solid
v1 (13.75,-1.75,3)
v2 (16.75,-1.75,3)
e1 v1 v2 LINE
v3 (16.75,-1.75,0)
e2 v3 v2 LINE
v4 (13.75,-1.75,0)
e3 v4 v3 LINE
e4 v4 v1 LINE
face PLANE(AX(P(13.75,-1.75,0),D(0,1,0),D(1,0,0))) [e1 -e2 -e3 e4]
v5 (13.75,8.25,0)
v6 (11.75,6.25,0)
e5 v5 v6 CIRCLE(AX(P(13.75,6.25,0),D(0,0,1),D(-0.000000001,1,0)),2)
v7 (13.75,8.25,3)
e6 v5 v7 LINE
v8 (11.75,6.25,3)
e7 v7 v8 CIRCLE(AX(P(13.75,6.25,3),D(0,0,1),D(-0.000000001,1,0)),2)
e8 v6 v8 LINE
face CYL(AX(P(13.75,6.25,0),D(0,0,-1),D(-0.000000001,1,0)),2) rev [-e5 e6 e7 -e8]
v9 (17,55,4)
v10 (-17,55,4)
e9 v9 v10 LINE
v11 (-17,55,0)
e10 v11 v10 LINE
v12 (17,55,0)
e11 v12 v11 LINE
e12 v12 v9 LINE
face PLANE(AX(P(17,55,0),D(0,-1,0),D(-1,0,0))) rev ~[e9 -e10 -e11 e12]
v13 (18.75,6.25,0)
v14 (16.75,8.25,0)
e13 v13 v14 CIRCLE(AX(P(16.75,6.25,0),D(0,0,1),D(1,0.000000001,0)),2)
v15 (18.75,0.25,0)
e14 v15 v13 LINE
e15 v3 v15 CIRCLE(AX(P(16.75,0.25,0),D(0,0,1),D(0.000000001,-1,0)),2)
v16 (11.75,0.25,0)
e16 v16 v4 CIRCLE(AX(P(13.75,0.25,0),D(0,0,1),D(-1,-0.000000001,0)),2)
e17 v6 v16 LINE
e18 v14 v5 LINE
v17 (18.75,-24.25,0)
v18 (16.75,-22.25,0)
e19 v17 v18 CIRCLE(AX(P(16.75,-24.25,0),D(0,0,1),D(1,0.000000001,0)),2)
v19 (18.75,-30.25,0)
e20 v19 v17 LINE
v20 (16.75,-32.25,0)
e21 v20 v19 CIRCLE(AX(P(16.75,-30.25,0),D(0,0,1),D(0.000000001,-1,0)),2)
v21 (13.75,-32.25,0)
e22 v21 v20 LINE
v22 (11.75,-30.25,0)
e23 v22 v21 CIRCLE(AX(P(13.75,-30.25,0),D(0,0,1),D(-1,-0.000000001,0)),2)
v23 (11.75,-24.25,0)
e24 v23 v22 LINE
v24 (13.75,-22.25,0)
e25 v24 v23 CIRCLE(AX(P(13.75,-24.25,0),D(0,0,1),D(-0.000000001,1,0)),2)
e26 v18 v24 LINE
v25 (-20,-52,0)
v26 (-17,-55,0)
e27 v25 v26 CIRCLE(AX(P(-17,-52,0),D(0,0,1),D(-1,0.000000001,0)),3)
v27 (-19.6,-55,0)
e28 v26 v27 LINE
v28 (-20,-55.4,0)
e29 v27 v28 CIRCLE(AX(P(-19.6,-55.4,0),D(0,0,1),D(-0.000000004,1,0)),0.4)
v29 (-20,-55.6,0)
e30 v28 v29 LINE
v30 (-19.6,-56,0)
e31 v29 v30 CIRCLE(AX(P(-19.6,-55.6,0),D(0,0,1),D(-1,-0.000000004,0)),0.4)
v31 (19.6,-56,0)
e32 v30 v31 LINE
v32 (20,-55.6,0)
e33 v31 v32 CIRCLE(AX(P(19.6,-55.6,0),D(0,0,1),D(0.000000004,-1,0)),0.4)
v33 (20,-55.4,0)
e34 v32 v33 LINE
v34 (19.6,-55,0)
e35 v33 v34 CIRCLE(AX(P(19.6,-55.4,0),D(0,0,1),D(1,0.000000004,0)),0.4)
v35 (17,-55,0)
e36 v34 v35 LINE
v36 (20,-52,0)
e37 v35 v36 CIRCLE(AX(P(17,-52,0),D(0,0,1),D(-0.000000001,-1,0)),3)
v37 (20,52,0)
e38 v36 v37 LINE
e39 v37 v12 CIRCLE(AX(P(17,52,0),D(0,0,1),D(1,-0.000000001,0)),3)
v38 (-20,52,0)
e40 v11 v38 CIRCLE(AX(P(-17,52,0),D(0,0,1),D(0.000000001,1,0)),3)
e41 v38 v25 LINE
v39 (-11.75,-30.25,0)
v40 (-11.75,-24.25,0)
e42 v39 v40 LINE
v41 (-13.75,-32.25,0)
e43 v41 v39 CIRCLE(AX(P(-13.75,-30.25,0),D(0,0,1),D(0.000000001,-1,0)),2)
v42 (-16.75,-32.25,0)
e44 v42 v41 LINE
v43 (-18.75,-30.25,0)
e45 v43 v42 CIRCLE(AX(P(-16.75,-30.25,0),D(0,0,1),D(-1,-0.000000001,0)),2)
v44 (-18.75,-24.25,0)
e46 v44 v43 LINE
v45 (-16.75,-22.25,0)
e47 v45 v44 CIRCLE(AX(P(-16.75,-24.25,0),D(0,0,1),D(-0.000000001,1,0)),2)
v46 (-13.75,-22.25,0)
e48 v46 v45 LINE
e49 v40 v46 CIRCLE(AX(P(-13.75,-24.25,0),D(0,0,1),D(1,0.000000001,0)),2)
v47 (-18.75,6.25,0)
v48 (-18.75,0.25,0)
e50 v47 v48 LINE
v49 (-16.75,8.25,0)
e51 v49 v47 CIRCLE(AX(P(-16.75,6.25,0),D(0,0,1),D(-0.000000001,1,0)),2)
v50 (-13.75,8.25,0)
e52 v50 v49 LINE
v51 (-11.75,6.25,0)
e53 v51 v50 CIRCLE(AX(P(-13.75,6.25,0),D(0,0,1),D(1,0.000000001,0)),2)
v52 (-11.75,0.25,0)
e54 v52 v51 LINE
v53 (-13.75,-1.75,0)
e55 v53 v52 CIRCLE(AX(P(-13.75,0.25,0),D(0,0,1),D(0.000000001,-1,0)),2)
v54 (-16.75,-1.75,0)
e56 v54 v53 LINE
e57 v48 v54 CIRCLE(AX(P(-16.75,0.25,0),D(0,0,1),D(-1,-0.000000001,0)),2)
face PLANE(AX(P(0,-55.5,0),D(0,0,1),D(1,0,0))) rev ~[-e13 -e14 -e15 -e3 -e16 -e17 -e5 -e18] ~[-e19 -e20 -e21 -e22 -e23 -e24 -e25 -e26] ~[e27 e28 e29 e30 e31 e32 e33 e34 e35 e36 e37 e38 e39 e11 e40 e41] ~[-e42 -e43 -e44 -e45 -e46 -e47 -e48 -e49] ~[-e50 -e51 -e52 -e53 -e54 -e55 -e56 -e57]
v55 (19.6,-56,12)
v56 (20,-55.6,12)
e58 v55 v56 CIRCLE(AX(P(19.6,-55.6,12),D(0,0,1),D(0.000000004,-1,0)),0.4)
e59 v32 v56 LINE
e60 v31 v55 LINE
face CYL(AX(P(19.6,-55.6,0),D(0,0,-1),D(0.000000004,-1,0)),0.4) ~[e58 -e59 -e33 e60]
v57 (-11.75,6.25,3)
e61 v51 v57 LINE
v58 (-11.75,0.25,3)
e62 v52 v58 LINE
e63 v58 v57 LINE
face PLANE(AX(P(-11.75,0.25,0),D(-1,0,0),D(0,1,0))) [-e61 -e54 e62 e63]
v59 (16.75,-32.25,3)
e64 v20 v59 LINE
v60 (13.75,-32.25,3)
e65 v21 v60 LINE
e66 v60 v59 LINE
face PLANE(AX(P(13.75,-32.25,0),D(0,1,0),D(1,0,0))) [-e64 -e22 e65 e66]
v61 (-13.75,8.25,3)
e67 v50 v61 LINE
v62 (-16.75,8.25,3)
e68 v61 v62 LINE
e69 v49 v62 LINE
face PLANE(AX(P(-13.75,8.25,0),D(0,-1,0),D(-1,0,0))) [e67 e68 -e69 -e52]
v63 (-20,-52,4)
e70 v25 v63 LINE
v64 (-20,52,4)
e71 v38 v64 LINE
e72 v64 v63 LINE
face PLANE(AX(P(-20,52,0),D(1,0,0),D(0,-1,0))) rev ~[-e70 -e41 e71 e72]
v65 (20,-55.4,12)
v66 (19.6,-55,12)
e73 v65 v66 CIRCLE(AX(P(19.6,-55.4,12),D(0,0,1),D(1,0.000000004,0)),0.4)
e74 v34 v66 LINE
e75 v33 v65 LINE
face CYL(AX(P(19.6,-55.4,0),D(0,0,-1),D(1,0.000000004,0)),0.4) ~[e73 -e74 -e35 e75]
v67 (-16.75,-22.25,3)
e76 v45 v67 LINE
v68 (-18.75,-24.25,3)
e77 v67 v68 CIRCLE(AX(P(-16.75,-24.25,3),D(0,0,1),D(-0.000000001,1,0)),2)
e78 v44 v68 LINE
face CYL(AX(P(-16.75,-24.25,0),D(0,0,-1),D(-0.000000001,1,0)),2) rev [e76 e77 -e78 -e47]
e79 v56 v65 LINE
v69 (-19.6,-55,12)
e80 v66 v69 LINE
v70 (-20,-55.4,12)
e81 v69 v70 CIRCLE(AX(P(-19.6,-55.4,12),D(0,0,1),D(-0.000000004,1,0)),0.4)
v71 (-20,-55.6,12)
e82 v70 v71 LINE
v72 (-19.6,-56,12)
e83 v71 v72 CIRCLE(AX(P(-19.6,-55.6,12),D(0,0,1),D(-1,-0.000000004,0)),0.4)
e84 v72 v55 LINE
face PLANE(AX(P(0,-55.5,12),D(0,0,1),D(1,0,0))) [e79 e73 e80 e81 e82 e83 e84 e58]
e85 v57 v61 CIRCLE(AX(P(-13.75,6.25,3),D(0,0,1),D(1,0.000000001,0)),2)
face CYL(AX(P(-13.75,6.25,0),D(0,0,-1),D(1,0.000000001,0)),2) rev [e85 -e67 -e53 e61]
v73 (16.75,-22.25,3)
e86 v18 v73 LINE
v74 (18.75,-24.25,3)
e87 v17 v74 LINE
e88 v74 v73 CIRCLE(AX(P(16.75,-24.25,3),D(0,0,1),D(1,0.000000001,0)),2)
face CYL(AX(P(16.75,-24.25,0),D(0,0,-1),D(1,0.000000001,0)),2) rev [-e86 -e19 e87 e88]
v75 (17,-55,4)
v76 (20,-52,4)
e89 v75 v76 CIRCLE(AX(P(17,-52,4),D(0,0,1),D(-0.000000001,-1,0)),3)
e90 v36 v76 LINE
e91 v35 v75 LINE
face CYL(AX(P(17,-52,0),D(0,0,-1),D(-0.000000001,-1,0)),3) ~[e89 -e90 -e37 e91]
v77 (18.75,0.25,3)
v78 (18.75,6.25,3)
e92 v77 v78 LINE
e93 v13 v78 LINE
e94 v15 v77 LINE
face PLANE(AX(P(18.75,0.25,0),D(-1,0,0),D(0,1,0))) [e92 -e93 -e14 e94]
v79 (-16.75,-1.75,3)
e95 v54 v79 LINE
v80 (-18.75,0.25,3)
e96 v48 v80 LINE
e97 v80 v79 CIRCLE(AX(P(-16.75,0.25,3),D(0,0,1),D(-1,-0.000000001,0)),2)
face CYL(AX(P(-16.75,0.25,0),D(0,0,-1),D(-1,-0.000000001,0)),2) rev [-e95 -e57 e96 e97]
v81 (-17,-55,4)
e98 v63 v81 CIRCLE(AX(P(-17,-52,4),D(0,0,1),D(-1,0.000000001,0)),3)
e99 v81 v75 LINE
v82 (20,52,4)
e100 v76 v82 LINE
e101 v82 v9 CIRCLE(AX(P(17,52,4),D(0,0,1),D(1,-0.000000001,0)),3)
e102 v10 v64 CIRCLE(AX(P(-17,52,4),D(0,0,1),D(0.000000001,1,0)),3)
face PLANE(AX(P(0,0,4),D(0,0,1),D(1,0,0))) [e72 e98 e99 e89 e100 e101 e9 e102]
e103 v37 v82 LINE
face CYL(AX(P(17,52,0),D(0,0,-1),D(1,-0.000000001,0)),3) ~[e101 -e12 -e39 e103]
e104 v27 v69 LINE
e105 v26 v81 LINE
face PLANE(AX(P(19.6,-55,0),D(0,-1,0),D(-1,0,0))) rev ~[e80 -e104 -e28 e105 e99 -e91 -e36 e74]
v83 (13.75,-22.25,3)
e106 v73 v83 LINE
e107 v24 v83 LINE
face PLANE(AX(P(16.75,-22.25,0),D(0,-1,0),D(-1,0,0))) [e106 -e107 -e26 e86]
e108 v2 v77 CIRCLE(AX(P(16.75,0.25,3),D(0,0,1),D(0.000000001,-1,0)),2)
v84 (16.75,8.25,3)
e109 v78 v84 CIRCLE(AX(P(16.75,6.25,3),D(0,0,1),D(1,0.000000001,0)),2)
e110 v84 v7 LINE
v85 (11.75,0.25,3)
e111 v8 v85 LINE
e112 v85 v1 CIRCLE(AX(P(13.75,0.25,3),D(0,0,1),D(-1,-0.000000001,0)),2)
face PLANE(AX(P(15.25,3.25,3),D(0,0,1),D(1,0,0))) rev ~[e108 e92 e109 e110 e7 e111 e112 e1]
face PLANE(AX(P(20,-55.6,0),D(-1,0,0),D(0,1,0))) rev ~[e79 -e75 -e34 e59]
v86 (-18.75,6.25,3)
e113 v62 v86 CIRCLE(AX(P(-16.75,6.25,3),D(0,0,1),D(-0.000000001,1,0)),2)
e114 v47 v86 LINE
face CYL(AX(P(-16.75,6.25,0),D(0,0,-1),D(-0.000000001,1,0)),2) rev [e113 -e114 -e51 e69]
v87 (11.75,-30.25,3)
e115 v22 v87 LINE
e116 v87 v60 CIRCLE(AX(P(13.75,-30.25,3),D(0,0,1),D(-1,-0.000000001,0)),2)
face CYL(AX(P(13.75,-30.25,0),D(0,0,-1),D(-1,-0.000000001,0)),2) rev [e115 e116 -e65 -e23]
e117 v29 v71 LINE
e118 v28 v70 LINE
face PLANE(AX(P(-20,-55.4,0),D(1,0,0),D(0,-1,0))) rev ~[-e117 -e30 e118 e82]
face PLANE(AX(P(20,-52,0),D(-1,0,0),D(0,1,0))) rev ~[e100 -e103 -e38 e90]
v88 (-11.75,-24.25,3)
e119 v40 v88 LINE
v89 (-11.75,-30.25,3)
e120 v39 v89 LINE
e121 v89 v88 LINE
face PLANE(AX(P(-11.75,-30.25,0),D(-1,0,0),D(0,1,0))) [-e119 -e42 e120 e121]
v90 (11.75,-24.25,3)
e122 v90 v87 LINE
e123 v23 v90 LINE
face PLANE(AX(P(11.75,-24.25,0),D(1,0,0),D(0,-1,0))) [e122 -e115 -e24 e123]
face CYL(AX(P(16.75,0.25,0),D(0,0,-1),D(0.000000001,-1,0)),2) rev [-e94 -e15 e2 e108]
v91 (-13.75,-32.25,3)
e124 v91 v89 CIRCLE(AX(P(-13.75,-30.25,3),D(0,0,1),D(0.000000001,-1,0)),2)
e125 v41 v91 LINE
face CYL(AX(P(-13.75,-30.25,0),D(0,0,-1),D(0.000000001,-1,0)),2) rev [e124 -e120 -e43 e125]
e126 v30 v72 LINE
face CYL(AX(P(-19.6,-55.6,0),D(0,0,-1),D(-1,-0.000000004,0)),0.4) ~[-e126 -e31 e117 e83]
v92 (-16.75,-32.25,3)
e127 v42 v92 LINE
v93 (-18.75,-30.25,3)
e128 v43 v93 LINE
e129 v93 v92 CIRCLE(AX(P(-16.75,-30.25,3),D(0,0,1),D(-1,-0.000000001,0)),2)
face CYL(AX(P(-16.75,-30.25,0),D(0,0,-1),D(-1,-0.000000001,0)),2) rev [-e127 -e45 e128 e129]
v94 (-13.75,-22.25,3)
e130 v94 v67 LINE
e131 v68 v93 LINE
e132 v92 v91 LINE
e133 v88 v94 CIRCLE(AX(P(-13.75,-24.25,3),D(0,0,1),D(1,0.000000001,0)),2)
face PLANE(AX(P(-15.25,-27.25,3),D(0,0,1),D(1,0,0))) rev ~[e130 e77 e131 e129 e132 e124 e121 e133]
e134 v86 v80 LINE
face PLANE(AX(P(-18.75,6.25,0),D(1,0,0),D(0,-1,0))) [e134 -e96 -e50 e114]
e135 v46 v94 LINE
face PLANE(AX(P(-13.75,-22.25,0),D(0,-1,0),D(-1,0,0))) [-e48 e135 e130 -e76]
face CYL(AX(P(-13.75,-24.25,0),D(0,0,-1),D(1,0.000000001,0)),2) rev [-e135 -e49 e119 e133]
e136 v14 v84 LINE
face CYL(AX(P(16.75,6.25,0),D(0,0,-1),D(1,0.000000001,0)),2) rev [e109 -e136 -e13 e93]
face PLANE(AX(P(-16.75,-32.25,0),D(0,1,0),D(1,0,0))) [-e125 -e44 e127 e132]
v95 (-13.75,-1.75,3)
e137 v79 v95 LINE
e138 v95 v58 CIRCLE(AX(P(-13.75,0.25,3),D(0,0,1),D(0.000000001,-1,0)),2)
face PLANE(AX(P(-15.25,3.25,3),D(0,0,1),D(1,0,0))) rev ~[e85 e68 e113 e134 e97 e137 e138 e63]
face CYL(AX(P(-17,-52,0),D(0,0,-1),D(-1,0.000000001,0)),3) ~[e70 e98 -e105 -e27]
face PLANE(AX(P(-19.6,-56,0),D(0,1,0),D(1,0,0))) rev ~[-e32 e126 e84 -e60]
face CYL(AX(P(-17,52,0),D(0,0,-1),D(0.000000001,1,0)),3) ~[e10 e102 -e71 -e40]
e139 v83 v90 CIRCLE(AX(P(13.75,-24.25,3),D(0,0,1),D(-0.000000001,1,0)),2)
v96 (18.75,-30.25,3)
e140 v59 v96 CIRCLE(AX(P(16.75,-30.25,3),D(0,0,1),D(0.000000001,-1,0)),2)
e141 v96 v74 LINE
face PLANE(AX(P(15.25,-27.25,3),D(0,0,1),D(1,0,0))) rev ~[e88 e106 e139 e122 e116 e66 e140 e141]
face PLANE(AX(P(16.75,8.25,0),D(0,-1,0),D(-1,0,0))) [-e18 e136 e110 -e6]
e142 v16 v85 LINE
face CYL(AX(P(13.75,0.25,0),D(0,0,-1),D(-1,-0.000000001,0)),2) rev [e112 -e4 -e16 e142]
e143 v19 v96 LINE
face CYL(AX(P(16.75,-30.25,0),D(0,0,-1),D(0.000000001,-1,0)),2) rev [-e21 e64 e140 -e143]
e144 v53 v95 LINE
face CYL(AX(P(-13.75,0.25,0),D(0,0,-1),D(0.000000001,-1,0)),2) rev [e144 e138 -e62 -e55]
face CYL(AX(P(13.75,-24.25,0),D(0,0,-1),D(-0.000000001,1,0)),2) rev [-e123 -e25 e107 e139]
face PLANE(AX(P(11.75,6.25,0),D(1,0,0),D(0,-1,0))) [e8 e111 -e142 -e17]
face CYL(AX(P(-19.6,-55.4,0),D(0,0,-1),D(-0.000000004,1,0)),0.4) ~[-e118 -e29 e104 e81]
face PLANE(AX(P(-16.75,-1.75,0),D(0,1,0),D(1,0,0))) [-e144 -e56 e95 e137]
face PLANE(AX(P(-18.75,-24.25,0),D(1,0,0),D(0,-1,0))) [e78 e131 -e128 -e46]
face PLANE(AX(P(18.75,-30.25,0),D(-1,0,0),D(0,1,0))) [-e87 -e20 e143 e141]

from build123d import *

# Parameters (mm, degrees)
EXTRUDE_233_DEPTH     = 4
CUT_EXTRUDE_382_DEPTH = 3
EXTRUDE_469_DEPTH     = 12


with BuildPart() as part:
    # 草图3 → Extrude 233 (new body)
    with BuildSketch(Plane.XY):
        with BuildLine():
            Line((-17, -55), (17, -55))
            ThreePointArc((17, -55), (19.121320344, -54.121320344), (20, -52))
            Line((20, -52), (20, 52))
            ThreePointArc((20, 52), (19.121320344, 54.121320344), (17, 55))
            Line((17, 55), (-17, 55))
            ThreePointArc((-17, 55), (-19.121320344, 54.121320344), (-20, 52))
            Line((-20, 52), (-20, -52))
            ThreePointArc((-20, -52), (-19.121320344, -54.121320344), (-17, -55))
        make_face()
    extrude(amount=EXTRUDE_233_DEPTH)

    # 草图4 → Cut-Extrude 382 (cut)
    with BuildSketch(Plane.XY):
        with BuildLine():
            Line((-16.75, -32.25), (-13.75, -32.25))
            ThreePointArc((-13.75, -32.25), (-12.335786438, -31.664213562), (-11.75, -30.25))
            Line((-11.75, -30.25), (-11.75, -24.25))
            ThreePointArc((-11.75, -24.25), (-12.335786438, -22.835786438), (-13.75, -22.25))
            Line((-13.75, -22.25), (-16.75, -22.25))
            ThreePointArc((-16.75, -22.25), (-18.164213562, -22.835786438), (-18.75, -24.25))
            Line((-18.75, -24.25), (-18.75, -30.25))
            ThreePointArc((-18.75, -30.25), (-18.164213562, -31.664213562), (-16.75, -32.25))
        make_face()
        with BuildLine():
            Line((-16.75, -1.75), (-13.75, -1.75))
            ThreePointArc((-13.75, -1.75), (-12.335786438, -1.164213562), (-11.75, 0.25))
            Line((-11.75, 0.25), (-11.75, 6.25))
            ThreePointArc((-11.75, 6.25), (-12.335786438, 7.664213562), (-13.75, 8.25))
            Line((-13.75, 8.25), (-16.75, 8.25))
            ThreePointArc((-16.75, 8.25), (-18.164213562, 7.664213562), (-18.75, 6.25))
            Line((-18.75, 6.25), (-18.75, 0.25))
            ThreePointArc((-18.75, 0.25), (-18.164213562, -1.164213562), (-16.75, -1.75))
        make_face()
        with BuildLine():
            Line((13.75, -32.25), (16.75, -32.25))
            ThreePointArc((16.75, -32.25), (18.164213562, -31.664213562), (18.75, -30.25))
            Line((18.75, -30.25), (18.75, -24.25))
            ThreePointArc((18.75, -24.25), (18.164213562, -22.835786438), (16.75, -22.25))
            Line((16.75, -22.25), (13.75, -22.25))
            ThreePointArc((13.75, -22.25), (12.335786438, -22.835786438), (11.75, -24.25))
            Line((11.75, -24.25), (11.75, -30.25))
            ThreePointArc((11.75, -30.25), (12.335786438, -31.664213562), (13.75, -32.25))
        make_face()
        with BuildLine():
            Line((13.75, -1.75), (16.75, -1.75))
            ThreePointArc((16.75, -1.75), (18.164213562, -1.164213562), (18.75, 0.25))
            Line((18.75, 0.25), (18.75, 6.25))
            ThreePointArc((18.75, 6.25), (18.164213562, 7.664213562), (16.75, 8.25))
            Line((16.75, 8.25), (13.75, 8.25))
            ThreePointArc((13.75, 8.25), (12.335786438, 7.664213562), (11.75, 6.25))
            Line((11.75, 6.25), (11.75, 0.25))
            ThreePointArc((11.75, 0.25), (12.335786438, -1.164213562), (13.75, -1.75))
        make_face()
    extrude(amount=CUT_EXTRUDE_382_DEPTH, mode=Mode.SUBTRACT)

    # 草图5 → Extrude 469 (add)
    with BuildSketch(Plane.XY):
        with BuildLine():
            Line((-19.6, -56), (19.6, -56))
            ThreePointArc((19.6, -56), (19.882842712, -55.882842712), (20, -55.6))
            Line((20, -55.6), (20, -55.4))
            ThreePointArc((20, -55.4), (19.882842712, -55.117157288), (19.6, -55))
            Line((19.6, -55), (-19.6, -55))
            ThreePointArc((-19.6, -55), (-19.882842712, -55.117157288), (-20, -55.4))
            Line((-20, -55.4), (-20, -55.6))
            ThreePointArc((-20, -55.6), (-19.882842712, -55.882842712), (-19.6, -56))
        make_face()
    extrude(amount=EXTRUDE_469_DEPTH)


solid = part.part
